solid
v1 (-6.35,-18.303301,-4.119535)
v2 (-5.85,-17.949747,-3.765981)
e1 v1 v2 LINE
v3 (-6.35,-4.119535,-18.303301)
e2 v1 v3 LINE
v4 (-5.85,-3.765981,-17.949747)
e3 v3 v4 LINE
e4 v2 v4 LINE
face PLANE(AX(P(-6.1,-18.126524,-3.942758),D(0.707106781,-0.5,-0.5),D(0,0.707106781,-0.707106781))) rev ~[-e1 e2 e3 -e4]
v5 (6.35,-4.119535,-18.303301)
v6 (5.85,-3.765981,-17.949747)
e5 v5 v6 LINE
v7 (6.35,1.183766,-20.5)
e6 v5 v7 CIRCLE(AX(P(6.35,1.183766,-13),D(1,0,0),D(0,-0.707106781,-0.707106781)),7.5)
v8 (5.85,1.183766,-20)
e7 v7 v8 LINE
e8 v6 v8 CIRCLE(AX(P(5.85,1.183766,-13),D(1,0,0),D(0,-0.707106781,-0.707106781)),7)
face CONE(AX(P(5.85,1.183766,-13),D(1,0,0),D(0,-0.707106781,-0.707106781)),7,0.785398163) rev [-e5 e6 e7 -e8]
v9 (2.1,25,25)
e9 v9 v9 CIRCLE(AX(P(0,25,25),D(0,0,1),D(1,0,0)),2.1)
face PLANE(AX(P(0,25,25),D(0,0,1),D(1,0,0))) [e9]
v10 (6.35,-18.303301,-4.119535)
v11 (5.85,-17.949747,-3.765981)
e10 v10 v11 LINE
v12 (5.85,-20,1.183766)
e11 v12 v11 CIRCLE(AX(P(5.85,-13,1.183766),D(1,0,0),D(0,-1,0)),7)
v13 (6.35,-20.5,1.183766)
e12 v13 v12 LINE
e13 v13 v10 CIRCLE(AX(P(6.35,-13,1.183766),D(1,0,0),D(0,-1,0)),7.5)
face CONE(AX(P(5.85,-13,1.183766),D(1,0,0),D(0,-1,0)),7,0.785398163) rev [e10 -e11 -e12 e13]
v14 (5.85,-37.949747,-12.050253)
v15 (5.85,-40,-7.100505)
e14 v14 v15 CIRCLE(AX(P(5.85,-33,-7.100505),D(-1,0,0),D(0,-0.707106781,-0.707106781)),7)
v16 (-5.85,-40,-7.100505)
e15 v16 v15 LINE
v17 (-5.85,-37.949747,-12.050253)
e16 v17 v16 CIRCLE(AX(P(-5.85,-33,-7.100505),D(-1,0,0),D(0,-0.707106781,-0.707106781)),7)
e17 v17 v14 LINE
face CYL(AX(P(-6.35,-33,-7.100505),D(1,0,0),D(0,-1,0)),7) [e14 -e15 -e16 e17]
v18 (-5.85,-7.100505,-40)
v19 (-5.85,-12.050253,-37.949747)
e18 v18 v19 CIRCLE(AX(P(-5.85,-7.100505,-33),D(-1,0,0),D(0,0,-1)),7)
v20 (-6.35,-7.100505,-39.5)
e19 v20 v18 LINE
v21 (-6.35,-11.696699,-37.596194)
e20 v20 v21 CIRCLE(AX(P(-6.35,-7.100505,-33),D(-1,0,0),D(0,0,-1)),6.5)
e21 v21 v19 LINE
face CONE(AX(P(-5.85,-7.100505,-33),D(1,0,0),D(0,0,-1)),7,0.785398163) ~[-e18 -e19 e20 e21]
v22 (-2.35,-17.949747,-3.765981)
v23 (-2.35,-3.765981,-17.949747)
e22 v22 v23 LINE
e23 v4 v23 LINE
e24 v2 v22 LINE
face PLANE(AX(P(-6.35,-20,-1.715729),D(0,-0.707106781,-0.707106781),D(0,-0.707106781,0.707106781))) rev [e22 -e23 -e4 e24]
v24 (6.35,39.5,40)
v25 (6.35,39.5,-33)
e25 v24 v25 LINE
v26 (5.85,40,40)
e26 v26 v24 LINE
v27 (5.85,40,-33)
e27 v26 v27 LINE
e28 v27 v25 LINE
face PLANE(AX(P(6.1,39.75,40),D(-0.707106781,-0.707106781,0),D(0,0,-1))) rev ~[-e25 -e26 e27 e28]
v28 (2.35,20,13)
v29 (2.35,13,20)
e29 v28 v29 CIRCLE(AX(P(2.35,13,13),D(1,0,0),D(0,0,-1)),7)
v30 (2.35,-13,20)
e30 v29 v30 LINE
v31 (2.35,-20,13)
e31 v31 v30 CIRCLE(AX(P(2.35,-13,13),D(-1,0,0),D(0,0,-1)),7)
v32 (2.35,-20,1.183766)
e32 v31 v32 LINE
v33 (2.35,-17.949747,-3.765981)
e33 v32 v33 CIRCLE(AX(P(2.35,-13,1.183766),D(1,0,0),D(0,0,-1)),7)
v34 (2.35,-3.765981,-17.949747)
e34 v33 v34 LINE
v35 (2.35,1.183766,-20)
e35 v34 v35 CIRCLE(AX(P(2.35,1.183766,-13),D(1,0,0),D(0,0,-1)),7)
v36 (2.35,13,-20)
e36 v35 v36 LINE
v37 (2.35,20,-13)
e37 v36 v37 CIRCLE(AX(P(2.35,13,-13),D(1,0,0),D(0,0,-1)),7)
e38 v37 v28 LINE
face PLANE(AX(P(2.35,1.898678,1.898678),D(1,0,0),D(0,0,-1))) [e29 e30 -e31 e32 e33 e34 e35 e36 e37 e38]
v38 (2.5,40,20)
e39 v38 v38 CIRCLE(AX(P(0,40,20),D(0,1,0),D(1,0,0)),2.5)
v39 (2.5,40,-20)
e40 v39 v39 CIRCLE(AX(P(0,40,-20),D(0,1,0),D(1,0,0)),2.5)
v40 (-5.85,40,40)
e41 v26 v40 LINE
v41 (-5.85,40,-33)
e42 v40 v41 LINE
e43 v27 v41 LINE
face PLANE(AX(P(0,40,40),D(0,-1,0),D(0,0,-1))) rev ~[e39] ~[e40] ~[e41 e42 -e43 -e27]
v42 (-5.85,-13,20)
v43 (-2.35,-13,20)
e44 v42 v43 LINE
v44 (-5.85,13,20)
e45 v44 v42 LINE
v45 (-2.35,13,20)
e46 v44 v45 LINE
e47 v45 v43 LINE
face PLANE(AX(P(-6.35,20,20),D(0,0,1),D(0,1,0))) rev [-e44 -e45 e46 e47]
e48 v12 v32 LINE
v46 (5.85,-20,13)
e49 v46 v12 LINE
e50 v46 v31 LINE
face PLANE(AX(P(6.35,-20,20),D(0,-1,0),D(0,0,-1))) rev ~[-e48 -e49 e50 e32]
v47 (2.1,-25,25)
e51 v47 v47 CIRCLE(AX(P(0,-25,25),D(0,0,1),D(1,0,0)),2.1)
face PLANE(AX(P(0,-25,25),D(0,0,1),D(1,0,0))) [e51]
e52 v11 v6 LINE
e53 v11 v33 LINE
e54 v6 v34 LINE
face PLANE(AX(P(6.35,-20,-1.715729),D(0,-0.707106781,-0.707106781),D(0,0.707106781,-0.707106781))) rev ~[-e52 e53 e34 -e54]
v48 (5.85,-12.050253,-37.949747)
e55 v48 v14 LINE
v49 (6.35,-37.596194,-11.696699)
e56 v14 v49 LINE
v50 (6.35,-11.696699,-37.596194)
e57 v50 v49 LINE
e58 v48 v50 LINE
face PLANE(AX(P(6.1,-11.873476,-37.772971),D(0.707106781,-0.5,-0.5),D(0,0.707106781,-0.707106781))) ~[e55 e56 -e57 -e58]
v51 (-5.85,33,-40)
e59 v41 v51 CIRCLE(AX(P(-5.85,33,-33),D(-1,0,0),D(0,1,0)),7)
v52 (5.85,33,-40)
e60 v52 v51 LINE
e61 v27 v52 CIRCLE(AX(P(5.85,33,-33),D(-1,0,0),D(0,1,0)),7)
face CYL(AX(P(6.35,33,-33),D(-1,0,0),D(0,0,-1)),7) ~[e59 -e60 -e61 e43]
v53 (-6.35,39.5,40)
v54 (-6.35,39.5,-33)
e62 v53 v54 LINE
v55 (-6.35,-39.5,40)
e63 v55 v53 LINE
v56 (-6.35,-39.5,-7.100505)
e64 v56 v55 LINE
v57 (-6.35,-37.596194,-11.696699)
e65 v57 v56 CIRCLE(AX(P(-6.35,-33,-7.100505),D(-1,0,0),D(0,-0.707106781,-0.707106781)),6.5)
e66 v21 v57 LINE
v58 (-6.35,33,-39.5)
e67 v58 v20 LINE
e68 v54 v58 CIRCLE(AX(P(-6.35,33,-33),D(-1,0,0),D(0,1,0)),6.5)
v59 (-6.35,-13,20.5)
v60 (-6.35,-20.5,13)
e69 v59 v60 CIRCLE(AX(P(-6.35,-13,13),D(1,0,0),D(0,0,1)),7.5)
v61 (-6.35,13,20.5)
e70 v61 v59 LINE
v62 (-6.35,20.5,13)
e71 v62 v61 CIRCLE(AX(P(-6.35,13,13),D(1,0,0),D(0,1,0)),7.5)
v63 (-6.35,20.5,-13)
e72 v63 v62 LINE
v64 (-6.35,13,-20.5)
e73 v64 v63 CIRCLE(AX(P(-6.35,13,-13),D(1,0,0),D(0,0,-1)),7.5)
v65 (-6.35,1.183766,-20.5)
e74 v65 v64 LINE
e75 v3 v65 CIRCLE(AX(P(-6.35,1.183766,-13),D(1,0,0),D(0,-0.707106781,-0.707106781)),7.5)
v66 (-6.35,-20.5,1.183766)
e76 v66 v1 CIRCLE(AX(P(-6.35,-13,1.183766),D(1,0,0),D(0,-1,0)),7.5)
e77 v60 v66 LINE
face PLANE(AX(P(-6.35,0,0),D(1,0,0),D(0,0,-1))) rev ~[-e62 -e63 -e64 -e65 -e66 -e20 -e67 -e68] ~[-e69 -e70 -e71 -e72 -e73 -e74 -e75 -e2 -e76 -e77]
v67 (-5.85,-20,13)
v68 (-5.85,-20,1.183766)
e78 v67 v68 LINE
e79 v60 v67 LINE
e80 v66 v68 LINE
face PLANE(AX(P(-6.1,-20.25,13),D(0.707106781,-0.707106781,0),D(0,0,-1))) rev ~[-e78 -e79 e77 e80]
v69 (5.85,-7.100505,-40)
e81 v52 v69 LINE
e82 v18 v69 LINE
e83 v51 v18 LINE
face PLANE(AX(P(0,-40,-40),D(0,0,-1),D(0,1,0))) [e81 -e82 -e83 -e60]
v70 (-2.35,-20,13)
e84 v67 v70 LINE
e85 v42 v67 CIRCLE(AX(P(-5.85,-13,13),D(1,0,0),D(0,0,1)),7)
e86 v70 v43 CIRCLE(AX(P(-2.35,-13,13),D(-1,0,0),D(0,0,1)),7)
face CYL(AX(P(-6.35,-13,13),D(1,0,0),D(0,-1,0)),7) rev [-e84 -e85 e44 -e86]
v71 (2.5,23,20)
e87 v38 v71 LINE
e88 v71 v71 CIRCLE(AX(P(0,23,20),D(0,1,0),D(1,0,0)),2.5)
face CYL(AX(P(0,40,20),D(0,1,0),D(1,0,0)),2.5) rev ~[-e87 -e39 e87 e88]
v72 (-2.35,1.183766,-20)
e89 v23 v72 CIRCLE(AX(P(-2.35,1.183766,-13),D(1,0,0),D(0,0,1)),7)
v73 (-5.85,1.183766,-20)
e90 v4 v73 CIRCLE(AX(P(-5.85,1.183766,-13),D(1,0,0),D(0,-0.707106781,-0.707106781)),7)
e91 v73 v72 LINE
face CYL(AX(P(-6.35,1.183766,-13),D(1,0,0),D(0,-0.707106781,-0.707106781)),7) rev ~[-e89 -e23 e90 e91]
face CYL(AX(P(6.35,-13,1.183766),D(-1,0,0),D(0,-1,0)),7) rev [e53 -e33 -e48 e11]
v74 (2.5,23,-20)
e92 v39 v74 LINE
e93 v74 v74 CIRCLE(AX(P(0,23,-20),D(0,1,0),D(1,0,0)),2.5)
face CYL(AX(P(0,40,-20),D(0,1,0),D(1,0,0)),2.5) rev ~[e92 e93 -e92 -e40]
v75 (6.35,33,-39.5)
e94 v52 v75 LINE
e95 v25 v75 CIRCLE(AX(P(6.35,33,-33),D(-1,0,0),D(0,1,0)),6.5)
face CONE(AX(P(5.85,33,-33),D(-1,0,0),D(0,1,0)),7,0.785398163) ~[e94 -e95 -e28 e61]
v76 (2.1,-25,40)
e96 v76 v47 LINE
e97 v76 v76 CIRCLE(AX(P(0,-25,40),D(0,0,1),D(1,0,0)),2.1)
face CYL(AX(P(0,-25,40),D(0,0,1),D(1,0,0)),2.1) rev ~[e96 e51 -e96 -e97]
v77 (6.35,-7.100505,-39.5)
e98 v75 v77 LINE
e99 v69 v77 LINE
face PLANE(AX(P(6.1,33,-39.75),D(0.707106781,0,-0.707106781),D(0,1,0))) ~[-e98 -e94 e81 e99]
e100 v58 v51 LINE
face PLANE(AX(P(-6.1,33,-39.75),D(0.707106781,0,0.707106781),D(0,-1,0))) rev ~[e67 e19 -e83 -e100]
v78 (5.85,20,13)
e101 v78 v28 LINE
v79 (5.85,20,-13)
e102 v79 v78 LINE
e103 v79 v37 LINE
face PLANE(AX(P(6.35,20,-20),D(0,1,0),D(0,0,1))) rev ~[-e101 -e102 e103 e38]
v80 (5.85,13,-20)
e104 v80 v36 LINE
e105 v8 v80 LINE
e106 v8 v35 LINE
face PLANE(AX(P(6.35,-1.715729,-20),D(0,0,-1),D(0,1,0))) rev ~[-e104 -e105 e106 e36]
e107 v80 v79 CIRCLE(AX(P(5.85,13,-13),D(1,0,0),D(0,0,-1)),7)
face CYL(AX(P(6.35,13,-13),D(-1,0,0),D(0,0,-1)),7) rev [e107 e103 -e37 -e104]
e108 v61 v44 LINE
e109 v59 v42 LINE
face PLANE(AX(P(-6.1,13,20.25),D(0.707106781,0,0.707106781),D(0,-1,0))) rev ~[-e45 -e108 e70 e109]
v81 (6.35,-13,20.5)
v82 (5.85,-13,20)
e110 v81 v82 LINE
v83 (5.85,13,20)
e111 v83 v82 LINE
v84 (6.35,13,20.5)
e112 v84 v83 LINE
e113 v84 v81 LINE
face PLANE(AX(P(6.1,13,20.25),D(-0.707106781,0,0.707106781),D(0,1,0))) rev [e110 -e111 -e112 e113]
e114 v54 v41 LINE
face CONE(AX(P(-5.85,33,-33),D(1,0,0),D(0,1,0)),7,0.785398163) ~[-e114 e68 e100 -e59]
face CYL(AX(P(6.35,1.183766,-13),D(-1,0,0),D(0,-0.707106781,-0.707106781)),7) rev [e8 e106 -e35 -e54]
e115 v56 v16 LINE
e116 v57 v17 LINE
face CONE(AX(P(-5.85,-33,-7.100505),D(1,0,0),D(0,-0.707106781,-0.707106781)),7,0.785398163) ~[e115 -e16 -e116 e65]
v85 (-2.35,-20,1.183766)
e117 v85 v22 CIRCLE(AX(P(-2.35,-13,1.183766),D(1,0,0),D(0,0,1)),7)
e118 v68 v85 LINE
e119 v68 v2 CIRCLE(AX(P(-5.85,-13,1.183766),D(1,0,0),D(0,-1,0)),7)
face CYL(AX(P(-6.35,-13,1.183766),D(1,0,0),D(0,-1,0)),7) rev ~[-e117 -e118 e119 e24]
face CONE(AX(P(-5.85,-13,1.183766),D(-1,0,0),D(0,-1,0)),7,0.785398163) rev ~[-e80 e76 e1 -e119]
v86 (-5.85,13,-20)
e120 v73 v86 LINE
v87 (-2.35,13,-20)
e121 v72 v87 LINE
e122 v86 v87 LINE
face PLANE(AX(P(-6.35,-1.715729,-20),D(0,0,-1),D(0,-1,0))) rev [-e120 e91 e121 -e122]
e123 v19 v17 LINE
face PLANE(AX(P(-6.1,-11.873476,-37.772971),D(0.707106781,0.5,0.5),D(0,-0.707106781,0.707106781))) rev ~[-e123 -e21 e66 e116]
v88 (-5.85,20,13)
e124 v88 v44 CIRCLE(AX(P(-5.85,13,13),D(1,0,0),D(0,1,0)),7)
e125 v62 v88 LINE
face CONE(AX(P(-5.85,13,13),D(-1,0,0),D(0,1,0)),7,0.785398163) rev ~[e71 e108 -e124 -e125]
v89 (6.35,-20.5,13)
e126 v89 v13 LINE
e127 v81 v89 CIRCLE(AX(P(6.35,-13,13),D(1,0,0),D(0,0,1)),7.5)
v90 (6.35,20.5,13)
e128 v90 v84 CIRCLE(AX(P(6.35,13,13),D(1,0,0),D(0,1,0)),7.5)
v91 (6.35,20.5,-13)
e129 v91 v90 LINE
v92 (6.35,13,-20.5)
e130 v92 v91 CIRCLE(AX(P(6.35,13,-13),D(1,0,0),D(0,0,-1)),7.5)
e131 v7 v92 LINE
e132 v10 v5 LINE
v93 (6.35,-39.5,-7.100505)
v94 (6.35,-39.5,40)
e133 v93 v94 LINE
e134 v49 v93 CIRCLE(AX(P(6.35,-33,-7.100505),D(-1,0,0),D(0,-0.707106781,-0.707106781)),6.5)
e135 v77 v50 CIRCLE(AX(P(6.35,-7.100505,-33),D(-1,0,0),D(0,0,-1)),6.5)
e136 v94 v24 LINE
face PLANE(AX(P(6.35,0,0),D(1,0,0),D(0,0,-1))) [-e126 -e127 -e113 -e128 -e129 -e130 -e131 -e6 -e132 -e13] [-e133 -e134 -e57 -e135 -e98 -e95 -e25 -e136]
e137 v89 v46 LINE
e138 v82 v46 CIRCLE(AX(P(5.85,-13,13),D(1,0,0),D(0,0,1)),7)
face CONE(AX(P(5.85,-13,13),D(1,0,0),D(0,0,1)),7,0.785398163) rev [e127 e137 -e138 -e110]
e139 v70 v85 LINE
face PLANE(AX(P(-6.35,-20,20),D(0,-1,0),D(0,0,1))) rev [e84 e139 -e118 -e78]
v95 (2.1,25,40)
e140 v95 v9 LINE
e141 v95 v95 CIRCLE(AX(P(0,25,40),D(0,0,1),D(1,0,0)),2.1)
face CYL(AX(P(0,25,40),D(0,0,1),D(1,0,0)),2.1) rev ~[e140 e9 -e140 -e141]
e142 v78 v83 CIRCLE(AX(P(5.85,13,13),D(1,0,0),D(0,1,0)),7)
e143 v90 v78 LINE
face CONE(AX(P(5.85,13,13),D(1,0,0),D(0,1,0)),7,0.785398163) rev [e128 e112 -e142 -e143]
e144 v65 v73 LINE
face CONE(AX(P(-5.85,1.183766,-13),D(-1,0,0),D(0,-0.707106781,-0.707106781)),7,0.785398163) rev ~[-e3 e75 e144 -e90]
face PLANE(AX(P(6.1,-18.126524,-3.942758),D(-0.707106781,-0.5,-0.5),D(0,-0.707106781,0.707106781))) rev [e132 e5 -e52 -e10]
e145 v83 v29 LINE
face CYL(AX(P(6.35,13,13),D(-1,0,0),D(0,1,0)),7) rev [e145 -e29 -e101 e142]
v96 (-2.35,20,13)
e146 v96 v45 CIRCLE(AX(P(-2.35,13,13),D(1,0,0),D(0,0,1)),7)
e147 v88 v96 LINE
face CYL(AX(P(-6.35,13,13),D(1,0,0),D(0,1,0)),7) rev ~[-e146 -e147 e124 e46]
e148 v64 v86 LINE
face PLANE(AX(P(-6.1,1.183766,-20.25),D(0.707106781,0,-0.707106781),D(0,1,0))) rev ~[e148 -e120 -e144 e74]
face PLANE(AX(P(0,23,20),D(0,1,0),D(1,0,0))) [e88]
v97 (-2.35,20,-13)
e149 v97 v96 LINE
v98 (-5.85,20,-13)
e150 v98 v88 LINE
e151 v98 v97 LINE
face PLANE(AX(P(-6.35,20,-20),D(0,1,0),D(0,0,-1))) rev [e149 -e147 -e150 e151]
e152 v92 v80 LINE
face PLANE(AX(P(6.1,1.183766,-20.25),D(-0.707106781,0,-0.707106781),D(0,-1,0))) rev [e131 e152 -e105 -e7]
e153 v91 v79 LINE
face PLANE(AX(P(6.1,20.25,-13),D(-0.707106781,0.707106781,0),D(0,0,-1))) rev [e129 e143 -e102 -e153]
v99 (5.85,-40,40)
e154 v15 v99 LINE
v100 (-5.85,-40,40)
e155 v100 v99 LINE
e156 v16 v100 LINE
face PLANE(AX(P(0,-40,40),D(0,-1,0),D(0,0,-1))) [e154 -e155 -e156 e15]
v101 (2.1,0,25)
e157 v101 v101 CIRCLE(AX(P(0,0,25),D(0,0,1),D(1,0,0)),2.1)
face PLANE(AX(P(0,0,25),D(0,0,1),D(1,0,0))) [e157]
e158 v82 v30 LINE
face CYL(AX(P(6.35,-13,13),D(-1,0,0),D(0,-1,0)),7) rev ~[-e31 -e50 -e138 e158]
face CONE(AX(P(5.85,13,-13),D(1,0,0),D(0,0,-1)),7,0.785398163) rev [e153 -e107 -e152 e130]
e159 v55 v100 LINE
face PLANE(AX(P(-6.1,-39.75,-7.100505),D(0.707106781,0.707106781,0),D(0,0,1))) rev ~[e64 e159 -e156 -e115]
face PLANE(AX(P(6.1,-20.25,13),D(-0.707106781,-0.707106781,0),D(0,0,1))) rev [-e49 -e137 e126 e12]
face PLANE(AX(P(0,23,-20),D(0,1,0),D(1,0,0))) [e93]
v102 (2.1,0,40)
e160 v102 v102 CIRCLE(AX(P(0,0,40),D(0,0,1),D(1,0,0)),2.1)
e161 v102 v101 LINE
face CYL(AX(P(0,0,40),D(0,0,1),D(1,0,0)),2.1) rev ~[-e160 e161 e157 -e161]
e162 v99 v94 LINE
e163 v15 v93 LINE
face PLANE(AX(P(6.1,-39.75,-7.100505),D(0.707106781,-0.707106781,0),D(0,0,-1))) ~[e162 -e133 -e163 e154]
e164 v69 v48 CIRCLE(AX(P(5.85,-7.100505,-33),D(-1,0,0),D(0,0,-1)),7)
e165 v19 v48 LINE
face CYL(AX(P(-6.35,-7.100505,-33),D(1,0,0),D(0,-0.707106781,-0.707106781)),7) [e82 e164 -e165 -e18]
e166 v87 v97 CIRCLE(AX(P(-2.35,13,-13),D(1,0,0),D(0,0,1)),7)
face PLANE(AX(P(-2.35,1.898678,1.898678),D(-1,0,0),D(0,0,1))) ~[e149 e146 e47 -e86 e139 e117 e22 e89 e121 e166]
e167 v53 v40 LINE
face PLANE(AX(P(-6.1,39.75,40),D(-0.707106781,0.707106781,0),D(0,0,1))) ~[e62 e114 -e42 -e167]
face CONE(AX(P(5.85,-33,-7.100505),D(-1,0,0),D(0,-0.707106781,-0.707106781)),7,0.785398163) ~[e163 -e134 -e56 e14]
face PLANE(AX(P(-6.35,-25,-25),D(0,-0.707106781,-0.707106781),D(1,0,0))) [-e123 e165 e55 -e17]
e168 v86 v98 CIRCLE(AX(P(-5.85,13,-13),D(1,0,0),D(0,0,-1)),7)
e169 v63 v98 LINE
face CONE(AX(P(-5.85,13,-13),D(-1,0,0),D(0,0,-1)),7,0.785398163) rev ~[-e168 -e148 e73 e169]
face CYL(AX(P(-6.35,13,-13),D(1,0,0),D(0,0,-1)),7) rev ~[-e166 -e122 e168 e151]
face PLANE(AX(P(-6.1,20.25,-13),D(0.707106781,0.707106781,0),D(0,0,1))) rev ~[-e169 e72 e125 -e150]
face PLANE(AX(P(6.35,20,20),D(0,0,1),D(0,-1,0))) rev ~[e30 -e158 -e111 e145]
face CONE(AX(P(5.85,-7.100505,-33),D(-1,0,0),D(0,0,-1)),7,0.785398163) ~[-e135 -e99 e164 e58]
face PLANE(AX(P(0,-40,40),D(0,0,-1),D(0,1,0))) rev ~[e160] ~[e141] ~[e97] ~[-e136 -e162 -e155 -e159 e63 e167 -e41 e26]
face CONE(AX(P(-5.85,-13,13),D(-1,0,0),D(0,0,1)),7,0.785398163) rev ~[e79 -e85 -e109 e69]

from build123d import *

# Parameters (mm, degrees)
SKETCH1_W            = 80
SKETCH1_H            = 80
BOSS_EXTRUDE1_DEPTH  = 6.35
CHAMFER1_SIZE        = 30
SKETCH2_R            = 2.5
CUT_EXTRUDE1_DEPTH   = 17
SKETCH3_R            = 2.1
CUT_EXTRUDE2_DEPTH   = 15
CUT_EXTRUDE3_DEPTH   = 4
FILLET1_R            = 7
FILLET1_OF_MIRROR2_R = 7
FILLET2_R            = 7
CHAMFER2_SIZE        = 0.5


with BuildPart() as part:
    # Sketch1 → Boss-Extrude1 (new body, symmetric)
    with BuildSketch(Plane(origin=(0, 0, 0), x_dir=(0, 0, -1), z_dir=(1, 0, 0))):
        Rectangle(SKETCH1_W, SKETCH1_H)
    extrude(amount=BOSS_EXTRUDE1_DEPTH, both=True)

    # Chamfer1
    chamfer1_edges = [part.edges().sort_by_distance(p)[0] for p in [
        (0, -40, -40),
    ]]
    chamfer(chamfer1_edges, length=CHAMFER1_SIZE)

    # Sketch2 → Cut-Extrude1 (cut)
    with BuildSketch(Plane(origin=(0, 40, 0), x_dir=(1, 0, 0), z_dir=(0, 1, 0))):
        with Locations((0, 20)):
            Circle(SKETCH2_R)
        with Locations((0, -20)):
            Circle(SKETCH2_R)
    extrude(amount=-CUT_EXTRUDE1_DEPTH, mode=Mode.SUBTRACT)

    # Sketch3 → Cut-Extrude2 (cut)
    with BuildSketch(Plane.XY.offset(40)):
        with Locations((0, 25)):
            Circle(SKETCH3_R)
        with Locations((0, -25)):
            Circle(SKETCH3_R)
        Circle(SKETCH3_R)
    extrude(amount=-CUT_EXTRUDE2_DEPTH, mode=Mode.SUBTRACT)

    # Sketch4 → Cut-Extrude3 (cut)
    with BuildSketch(Plane(origin=(6.35, 0, 0), x_dir=(0, 0, -1), z_dir=(1, 0, 0))):
        Polygon((-20, -20), (1.715728753, -20), (20, -1.715728753), (20, 20), (-20, 20), align=None)
    cut_extrude3 = extrude(amount=-CUT_EXTRUDE3_DEPTH, mode=Mode.SUBTRACT)

    # Fillet1
    fillet1_edges = [part.edges().sort_by_distance(p)[0] for p in [
        (4.35, -20, 20),
        (4.35, 20, 20),
        (4.35, 20, -20),
        (4.35, -1.715728753, -20),
        (4.35, -20, -1.715728753),
    ]]
    fillet(fillet1_edges, radius=FILLET1_R)

    # Mirror2: Cut-Extrude3 across plane
    add(cut_extrude3.mirror(Plane(origin=(0, 0, 0), x_dir=(0, 0, 1), z_dir=(1, 0, 0))), mode=Mode.SUBTRACT)

    # Fillet1 of Mirror2
    fillet1_of_mirror2_edges = [part.edges().sort_by_distance(p)[0] for p in [
        (-4.35, -20, 20),
        (-4.35, 20, 20),
        (-4.35, 20, -20),
        (-4.35, -1.715728753, -20),
        (-4.35, -20, -1.715728753),
    ]]
    fillet(fillet1_of_mirror2_edges, radius=FILLET1_OF_MIRROR2_R)

    # Fillet2
    fillet2_edges = [part.edges().sort_by_distance(p)[0] for p in [
        (0, -10, -40),
        (0, -40, -10),
        (0, 40, -40),
    ]]
    fillet(fillet2_edges, radius=FILLET2_R)

    # Chamfer2
    chamfer2_edges = [part.edges().sort_by_distance(p)[0] for p in [
        (-6.35, 0, 20),
        (-6.35, -20, 7.091883092),
        (-6.35, -10.857864376, -10.857864376),
        (-6.35, 7.091883092, -20),
        (-6.35, 20, 0),
        (-6.35, -17.949747468, 17.949747468),
        (-6.35, -19.467156728, -1.495017842),
        (-6.35, 17.949747468, -17.949747468),
        (-6.35, 17.949747468, 17.949747468),
        (-6.35, -1.495017842, -19.467156728),
        (6.35, -25, -25),
        (6.35, 12.949747468, -40),
        (6.35, 40, 3.5),
        (6.35, 37.949747468, -37.949747468),
        (6.35, -9.77928909, -39.467156728),
        (6.35, -39.467156728, -9.77928909),
        (-6.35, -25, -25),
        (-6.35, 12.949747468, -40),
        (-6.35, 40, 3.5),
        (-6.35, 37.949747468, -37.949747468),
        (-6.35, -9.77928909, -39.467156728),
        (-6.35, -39.467156728, -9.77928909),
        (6.35, -20, 7.091883092),
        (-6.35, -40, 16.449747468),
        (6.35, 0, 20),
        (6.35, -10.857864376, -10.857864376),
        (6.35, 20, 0),
        (6.35, 7.091883092, -20),
        (6.35, -17.949747468, 17.949747468),
        (6.35, -19.467156728, -1.495017842),
        (6.35, 17.949747468, -17.949747468),
        (6.35, 17.949747468, 17.949747468),
        (6.35, -1.495017842, -19.467156728),
        (6.35, -40, 16.449747468),
    ]]
    chamfer(chamfer2_edges, length=CHAMFER2_SIZE)


solid = part.part
